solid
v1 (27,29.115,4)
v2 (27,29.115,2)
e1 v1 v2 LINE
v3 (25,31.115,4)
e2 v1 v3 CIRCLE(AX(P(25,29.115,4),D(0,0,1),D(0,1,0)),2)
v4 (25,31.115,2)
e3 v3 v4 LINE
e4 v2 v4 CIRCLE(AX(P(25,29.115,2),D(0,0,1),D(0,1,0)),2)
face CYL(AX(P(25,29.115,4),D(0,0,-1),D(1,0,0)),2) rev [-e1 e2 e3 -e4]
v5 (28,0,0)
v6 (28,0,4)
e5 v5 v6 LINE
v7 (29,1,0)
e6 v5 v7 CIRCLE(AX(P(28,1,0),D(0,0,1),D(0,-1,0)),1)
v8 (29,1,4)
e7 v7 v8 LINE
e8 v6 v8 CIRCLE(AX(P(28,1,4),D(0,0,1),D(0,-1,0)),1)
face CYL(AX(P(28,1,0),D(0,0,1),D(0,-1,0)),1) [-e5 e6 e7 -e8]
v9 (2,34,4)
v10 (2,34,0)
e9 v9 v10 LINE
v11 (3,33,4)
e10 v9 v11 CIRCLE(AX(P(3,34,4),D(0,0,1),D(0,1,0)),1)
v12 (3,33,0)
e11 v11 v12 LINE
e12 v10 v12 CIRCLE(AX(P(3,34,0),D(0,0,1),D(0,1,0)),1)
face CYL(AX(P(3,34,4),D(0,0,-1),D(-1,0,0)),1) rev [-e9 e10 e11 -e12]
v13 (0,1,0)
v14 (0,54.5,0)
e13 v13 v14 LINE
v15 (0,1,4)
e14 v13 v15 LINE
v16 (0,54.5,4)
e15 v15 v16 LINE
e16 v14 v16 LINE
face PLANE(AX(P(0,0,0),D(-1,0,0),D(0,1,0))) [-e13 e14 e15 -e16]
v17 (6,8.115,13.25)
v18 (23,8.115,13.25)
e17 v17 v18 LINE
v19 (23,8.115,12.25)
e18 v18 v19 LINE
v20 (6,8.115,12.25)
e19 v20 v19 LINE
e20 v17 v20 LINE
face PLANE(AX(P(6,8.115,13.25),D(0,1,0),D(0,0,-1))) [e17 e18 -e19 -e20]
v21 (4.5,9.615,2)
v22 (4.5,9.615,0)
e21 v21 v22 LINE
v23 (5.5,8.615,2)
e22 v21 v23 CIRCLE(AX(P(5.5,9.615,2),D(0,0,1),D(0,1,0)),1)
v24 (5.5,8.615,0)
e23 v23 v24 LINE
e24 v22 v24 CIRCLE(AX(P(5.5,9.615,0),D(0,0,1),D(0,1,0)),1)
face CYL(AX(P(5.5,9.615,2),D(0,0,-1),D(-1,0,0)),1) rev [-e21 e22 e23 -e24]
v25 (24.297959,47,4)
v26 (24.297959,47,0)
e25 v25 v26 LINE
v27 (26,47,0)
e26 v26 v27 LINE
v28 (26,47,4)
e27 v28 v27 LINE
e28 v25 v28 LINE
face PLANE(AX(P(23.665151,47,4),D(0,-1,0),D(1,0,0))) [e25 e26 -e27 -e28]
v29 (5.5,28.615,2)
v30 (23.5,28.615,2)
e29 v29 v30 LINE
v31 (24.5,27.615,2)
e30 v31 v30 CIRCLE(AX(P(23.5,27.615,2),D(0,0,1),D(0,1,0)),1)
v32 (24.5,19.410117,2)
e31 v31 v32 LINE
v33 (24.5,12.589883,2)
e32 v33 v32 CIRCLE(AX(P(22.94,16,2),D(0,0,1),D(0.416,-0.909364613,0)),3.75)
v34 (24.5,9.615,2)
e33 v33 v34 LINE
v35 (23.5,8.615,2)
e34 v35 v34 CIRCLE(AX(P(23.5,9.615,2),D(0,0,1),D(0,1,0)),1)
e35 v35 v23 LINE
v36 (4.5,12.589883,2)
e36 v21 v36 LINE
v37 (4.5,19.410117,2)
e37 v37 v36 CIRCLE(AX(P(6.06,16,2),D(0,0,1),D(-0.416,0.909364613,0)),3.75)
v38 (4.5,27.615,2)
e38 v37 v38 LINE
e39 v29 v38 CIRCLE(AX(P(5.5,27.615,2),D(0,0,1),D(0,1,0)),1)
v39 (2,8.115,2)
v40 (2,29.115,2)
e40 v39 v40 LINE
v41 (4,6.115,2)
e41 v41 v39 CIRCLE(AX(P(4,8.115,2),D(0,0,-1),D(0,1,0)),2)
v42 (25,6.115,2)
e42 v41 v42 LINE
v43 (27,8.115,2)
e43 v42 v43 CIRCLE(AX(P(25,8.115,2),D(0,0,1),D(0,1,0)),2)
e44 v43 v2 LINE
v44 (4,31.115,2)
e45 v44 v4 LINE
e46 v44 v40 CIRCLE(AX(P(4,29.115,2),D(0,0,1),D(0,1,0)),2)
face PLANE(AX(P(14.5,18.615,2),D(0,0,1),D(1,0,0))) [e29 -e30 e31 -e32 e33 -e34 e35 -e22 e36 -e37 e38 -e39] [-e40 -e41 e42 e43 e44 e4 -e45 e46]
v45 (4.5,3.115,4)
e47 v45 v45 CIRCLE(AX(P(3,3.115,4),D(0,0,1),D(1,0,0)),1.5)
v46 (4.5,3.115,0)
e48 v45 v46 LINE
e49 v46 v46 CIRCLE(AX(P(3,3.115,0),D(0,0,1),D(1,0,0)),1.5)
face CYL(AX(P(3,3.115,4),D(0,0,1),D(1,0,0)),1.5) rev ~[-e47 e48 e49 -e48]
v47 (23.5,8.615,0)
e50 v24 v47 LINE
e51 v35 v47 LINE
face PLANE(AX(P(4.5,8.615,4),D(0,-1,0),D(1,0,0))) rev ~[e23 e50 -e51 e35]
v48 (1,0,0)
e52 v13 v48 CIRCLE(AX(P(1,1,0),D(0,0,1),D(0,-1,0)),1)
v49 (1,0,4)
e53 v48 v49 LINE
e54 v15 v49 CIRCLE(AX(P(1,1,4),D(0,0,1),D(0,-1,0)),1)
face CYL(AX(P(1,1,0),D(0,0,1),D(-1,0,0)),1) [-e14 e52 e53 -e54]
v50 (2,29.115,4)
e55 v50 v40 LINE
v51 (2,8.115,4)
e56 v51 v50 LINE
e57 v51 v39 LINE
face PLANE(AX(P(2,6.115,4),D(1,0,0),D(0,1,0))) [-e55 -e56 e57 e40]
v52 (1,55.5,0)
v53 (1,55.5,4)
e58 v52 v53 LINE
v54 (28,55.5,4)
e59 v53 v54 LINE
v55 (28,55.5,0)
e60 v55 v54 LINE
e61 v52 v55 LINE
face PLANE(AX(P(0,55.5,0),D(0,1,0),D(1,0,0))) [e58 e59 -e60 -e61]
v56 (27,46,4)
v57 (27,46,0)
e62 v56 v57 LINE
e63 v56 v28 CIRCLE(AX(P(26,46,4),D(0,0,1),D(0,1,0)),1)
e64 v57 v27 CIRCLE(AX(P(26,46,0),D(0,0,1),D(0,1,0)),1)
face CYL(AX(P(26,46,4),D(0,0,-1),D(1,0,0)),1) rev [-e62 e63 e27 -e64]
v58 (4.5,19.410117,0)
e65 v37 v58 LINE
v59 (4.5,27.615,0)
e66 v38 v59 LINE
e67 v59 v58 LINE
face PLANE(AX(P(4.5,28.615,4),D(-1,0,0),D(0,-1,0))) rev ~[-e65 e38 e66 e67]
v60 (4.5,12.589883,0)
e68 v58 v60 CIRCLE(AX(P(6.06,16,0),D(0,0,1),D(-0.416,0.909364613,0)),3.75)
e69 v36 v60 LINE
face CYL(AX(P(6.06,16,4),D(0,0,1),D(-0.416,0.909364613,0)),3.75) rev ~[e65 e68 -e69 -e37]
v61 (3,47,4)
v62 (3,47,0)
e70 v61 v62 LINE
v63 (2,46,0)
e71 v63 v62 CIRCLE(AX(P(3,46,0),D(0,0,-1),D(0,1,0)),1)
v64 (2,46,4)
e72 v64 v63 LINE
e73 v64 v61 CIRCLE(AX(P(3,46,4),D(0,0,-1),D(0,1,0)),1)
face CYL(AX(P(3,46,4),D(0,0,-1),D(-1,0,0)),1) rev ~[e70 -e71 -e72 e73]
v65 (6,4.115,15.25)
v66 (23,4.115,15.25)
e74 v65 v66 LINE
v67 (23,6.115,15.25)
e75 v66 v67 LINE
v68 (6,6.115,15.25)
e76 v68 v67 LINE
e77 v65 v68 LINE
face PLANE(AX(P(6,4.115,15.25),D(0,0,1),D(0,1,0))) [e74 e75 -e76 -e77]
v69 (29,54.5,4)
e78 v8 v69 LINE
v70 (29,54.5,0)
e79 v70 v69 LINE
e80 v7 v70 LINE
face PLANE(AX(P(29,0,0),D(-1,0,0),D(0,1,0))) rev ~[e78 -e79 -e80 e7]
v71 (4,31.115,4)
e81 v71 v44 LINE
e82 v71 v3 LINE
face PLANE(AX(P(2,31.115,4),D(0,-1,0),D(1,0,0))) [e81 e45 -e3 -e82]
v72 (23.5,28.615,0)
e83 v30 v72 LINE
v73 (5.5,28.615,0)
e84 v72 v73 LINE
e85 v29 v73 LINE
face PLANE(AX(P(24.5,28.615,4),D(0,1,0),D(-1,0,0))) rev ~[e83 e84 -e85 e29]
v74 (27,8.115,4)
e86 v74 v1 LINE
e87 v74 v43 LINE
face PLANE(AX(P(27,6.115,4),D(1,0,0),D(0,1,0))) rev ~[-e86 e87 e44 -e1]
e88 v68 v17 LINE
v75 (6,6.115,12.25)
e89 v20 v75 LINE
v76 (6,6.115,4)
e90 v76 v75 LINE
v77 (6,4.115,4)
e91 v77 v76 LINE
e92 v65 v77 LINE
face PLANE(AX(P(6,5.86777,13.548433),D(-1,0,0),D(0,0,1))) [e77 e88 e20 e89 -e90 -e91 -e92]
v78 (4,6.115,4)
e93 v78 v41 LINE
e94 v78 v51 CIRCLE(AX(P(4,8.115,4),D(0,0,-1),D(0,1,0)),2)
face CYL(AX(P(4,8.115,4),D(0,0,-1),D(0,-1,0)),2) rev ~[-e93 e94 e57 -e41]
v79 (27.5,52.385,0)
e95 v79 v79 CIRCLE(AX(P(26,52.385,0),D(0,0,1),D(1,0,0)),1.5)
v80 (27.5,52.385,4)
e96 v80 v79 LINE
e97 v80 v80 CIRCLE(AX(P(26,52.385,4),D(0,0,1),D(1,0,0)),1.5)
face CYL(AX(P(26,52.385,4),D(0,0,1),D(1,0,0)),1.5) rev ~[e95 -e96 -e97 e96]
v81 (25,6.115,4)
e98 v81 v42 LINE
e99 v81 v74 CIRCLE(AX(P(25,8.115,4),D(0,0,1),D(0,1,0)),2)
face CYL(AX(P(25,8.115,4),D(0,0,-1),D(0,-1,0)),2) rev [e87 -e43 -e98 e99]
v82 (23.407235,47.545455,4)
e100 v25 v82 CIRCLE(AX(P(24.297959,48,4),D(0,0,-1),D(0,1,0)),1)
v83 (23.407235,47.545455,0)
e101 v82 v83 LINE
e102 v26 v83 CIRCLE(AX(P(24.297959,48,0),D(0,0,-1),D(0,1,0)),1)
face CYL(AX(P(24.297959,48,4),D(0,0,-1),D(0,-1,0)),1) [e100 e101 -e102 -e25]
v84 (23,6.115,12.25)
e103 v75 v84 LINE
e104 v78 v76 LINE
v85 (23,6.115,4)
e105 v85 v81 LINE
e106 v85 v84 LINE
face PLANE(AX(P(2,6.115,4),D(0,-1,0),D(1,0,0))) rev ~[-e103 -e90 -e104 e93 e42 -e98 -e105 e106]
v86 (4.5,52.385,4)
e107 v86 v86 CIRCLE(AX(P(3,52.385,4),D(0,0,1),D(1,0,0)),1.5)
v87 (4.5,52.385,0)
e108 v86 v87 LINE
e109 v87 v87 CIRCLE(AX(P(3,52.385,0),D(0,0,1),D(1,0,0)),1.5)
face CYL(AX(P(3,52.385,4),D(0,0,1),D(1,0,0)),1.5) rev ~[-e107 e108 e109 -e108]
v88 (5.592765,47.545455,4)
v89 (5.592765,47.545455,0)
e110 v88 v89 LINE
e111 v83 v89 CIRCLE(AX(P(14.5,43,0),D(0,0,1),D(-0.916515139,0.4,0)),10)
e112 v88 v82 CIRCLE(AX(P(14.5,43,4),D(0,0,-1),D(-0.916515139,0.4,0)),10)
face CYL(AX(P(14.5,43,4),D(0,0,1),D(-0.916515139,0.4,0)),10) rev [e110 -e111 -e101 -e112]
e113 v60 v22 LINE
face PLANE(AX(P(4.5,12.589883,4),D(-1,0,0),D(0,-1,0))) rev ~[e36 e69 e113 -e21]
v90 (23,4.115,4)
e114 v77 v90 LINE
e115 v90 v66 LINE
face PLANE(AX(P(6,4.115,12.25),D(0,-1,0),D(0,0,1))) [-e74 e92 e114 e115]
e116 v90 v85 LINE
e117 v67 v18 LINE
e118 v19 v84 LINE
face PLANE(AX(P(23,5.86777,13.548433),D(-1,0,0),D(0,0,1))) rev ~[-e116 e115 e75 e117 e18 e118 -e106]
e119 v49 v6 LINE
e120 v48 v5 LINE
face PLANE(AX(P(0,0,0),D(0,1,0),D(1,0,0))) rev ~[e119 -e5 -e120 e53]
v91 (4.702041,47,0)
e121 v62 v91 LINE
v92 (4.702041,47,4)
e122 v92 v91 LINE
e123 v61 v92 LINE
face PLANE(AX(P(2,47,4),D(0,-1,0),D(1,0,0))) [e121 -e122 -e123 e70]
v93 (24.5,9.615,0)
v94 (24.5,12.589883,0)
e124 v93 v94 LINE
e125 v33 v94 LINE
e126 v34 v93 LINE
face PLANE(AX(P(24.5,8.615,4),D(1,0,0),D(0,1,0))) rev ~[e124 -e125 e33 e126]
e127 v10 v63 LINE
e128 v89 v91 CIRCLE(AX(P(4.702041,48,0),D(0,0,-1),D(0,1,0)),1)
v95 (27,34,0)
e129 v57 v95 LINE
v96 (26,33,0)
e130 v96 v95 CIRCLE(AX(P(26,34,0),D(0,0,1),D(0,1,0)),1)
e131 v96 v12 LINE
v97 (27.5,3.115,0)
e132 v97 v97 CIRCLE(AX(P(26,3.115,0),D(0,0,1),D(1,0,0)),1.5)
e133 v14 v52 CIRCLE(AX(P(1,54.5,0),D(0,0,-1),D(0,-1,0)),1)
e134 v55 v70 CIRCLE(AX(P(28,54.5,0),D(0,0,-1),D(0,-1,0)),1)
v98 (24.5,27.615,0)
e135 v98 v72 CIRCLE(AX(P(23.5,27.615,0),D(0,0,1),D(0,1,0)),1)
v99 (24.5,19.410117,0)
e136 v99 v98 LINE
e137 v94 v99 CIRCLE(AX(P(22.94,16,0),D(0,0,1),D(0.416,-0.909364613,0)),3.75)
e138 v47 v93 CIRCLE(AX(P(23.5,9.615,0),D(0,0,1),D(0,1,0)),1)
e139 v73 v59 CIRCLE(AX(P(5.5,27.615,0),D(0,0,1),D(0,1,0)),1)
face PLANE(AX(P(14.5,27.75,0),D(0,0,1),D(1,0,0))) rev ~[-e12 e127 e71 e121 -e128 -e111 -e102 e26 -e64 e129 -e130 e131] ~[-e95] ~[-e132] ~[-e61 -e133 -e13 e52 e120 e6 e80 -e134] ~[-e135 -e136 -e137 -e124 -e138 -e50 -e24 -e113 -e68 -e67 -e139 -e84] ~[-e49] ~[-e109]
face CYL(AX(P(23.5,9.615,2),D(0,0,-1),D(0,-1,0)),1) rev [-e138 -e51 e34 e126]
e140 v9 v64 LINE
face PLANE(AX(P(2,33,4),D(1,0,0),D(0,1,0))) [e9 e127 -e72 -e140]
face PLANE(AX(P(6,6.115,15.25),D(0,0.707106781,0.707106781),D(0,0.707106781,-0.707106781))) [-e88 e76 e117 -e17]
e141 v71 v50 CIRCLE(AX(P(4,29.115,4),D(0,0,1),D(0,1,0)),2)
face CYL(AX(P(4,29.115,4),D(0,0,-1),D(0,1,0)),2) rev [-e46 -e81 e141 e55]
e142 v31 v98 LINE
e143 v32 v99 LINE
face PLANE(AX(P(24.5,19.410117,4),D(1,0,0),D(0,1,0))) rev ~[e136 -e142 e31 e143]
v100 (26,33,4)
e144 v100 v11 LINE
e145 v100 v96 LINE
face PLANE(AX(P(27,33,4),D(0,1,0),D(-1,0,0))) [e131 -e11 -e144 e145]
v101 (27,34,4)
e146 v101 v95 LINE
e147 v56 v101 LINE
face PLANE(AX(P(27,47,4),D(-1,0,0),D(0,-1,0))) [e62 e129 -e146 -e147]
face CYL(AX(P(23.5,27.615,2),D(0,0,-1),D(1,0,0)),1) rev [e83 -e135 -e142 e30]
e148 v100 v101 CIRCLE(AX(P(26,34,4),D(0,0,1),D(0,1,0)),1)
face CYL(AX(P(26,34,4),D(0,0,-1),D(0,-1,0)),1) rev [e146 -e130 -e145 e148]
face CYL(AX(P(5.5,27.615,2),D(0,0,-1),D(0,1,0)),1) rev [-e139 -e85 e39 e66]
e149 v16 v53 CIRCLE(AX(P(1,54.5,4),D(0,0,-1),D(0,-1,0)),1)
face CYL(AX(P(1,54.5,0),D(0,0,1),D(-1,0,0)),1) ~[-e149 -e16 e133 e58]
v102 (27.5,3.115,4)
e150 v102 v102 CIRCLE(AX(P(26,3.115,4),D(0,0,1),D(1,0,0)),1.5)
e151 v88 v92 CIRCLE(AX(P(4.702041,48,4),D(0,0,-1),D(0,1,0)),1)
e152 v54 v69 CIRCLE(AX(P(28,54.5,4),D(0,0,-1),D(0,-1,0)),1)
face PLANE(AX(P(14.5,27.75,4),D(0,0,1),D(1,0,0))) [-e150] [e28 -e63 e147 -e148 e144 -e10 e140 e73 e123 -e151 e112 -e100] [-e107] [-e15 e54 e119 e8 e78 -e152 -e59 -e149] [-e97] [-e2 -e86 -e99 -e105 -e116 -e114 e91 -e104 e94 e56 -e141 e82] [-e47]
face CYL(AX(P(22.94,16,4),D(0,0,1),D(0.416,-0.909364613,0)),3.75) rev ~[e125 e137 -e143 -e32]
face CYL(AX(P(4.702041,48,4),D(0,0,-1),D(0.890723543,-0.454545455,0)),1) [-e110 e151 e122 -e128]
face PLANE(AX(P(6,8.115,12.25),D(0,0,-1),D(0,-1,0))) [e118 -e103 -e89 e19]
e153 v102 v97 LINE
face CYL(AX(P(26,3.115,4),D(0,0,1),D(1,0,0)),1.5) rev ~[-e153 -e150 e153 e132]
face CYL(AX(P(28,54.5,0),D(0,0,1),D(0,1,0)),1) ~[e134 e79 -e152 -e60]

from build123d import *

# Parameters (mm, degrees)
SKETCH1_W             = 29
SKETCH1_H             = 55.5
BODY_DEPTH            = 4
SKETCH2_R             = 1.5
BOLT_HOLES_DEPTH      = 5
SERVO_CLEARANCE_DEPTH = 5
SKETCH4_W             = 25
SKETCH4_H             = 25
FAN_RECESS_DEPTH      = 2
CLAMP_FILLETS_R       = 1
FAN_FILLETS_R         = 2
SKETCH5_W             = 17
SKETCH5_H             = 2
CLAMP_BASE_DEPTH      = 8.25
CLAMP_HOOK_DEPTH      = 17


with BuildPart() as part:
    # Sketch1 → Body (new body)
    with BuildSketch(Plane.XY):
        with Locations((14.5, 27.75)):
            Rectangle(SKETCH1_W, SKETCH1_H)
    extrude(amount=BODY_DEPTH)

    # Sketch2 → Bolt Holes (cut, through all)
    with BuildSketch(Plane.XY.offset(4)):
        with Locations((3, 52.385)):
            Circle(SKETCH2_R)
        with Locations((26, 52.385)):
            Circle(SKETCH2_R)
        with Locations((26, 3.115)):
            Circle(SKETCH2_R)
        with Locations((3, 3.115)):
            Circle(SKETCH2_R)
    extrude(amount=-BOLT_HOLES_DEPTH, mode=Mode.SUBTRACT)

    # Sketch3 → Servo Clearance (cut, through all)
    with BuildSketch(Plane.XY.offset(4)):
        with BuildLine():
            Line((4.5, 12.5898827), (4.5, 8.615))
            Line((4.5, 8.615), (24.5, 8.615))
            Line((24.5, 8.615), (24.5, 12.5898827))
            ThreePointArc((24.5, 12.5898827), (26.69, 16), (24.5, 19.4101173))
            Line((24.5, 19.4101173), (24.5, 28.615))
            Line((24.5, 28.615), (4.5, 28.615))
            Line((4.5, 28.615), (4.5, 19.4101173))
            ThreePointArc((4.5, 19.4101173), (2.31, 16), (4.5, 12.5898827))
        make_face()
        with BuildLine():
            Line((2, 47), (5.33484861, 47))
            ThreePointArc((5.33484861, 47), (14.5, 53), (23.66515139, 47))
            Line((23.66515139, 47), (27, 47))
            Line((27, 47), (27, 33))
            Line((27, 33), (2, 33))
            Line((2, 33), (2, 47))
        make_face()
    extrude(amount=-SERVO_CLEARANCE_DEPTH, mode=Mode.SUBTRACT)

    # Sketch4 → Fan Recess (cut)
    with BuildSketch(Plane.XY.offset(4)):
        with Locations((14.5, 18.615)):
            Rectangle(SKETCH4_W, SKETCH4_H)
    extrude(amount=-FAN_RECESS_DEPTH, mode=Mode.SUBTRACT)

    # Clamp Fillets
    clamp_fillets_edges = [part.edges().sort_by_distance(p)[0] for p in [
        (4.5, 28.615, 1),
        (24.5, 28.615, 1),
        (24.5, 8.615, 1),
        (4.5, 8.615, 1),
        (2, 33, 2),
        (2, 47, 2),
        (5.33484861, 47, 2),
        (23.66515139, 47, 2),
        (27, 47, 2),
        (27, 33, 2),
        (0, 55.5, 2),
        (29, 55.5, 2),
        (29, 0, 2),
        (0, 0, 2),
    ]]
    fillet(clamp_fillets_edges, radius=CLAMP_FILLETS_R)

    # Fan Fillets
    fan_fillets_edges = [part.edges().sort_by_distance(p)[0] for p in [
        (27, 6.115, 3),
        (27, 31.115, 3),
        (2, 31.115, 3),
        (2, 6.115, 3),
    ]]
    fillet(fan_fillets_edges, radius=FAN_FILLETS_R)

    # Sketch5 → Clamp Base (add)
    with BuildSketch(Plane.XY.offset(4)):
        with Locations((14.5, 5.115)):
            Rectangle(SKETCH5_W, SKETCH5_H)
    extrude(amount=CLAMP_BASE_DEPTH)

    # Sketch7 → Clamp Hook (add)
    with BuildSketch(Plane.ZY.offset(-6)):
        Polygon((12.25, 4.115), (15.25, 4.115), (15.25, 6.115), (13.25, 8.115), (12.25, 8.115), align=None)
    extrude(amount=-CLAMP_HOOK_DEPTH)


solid = part.part
